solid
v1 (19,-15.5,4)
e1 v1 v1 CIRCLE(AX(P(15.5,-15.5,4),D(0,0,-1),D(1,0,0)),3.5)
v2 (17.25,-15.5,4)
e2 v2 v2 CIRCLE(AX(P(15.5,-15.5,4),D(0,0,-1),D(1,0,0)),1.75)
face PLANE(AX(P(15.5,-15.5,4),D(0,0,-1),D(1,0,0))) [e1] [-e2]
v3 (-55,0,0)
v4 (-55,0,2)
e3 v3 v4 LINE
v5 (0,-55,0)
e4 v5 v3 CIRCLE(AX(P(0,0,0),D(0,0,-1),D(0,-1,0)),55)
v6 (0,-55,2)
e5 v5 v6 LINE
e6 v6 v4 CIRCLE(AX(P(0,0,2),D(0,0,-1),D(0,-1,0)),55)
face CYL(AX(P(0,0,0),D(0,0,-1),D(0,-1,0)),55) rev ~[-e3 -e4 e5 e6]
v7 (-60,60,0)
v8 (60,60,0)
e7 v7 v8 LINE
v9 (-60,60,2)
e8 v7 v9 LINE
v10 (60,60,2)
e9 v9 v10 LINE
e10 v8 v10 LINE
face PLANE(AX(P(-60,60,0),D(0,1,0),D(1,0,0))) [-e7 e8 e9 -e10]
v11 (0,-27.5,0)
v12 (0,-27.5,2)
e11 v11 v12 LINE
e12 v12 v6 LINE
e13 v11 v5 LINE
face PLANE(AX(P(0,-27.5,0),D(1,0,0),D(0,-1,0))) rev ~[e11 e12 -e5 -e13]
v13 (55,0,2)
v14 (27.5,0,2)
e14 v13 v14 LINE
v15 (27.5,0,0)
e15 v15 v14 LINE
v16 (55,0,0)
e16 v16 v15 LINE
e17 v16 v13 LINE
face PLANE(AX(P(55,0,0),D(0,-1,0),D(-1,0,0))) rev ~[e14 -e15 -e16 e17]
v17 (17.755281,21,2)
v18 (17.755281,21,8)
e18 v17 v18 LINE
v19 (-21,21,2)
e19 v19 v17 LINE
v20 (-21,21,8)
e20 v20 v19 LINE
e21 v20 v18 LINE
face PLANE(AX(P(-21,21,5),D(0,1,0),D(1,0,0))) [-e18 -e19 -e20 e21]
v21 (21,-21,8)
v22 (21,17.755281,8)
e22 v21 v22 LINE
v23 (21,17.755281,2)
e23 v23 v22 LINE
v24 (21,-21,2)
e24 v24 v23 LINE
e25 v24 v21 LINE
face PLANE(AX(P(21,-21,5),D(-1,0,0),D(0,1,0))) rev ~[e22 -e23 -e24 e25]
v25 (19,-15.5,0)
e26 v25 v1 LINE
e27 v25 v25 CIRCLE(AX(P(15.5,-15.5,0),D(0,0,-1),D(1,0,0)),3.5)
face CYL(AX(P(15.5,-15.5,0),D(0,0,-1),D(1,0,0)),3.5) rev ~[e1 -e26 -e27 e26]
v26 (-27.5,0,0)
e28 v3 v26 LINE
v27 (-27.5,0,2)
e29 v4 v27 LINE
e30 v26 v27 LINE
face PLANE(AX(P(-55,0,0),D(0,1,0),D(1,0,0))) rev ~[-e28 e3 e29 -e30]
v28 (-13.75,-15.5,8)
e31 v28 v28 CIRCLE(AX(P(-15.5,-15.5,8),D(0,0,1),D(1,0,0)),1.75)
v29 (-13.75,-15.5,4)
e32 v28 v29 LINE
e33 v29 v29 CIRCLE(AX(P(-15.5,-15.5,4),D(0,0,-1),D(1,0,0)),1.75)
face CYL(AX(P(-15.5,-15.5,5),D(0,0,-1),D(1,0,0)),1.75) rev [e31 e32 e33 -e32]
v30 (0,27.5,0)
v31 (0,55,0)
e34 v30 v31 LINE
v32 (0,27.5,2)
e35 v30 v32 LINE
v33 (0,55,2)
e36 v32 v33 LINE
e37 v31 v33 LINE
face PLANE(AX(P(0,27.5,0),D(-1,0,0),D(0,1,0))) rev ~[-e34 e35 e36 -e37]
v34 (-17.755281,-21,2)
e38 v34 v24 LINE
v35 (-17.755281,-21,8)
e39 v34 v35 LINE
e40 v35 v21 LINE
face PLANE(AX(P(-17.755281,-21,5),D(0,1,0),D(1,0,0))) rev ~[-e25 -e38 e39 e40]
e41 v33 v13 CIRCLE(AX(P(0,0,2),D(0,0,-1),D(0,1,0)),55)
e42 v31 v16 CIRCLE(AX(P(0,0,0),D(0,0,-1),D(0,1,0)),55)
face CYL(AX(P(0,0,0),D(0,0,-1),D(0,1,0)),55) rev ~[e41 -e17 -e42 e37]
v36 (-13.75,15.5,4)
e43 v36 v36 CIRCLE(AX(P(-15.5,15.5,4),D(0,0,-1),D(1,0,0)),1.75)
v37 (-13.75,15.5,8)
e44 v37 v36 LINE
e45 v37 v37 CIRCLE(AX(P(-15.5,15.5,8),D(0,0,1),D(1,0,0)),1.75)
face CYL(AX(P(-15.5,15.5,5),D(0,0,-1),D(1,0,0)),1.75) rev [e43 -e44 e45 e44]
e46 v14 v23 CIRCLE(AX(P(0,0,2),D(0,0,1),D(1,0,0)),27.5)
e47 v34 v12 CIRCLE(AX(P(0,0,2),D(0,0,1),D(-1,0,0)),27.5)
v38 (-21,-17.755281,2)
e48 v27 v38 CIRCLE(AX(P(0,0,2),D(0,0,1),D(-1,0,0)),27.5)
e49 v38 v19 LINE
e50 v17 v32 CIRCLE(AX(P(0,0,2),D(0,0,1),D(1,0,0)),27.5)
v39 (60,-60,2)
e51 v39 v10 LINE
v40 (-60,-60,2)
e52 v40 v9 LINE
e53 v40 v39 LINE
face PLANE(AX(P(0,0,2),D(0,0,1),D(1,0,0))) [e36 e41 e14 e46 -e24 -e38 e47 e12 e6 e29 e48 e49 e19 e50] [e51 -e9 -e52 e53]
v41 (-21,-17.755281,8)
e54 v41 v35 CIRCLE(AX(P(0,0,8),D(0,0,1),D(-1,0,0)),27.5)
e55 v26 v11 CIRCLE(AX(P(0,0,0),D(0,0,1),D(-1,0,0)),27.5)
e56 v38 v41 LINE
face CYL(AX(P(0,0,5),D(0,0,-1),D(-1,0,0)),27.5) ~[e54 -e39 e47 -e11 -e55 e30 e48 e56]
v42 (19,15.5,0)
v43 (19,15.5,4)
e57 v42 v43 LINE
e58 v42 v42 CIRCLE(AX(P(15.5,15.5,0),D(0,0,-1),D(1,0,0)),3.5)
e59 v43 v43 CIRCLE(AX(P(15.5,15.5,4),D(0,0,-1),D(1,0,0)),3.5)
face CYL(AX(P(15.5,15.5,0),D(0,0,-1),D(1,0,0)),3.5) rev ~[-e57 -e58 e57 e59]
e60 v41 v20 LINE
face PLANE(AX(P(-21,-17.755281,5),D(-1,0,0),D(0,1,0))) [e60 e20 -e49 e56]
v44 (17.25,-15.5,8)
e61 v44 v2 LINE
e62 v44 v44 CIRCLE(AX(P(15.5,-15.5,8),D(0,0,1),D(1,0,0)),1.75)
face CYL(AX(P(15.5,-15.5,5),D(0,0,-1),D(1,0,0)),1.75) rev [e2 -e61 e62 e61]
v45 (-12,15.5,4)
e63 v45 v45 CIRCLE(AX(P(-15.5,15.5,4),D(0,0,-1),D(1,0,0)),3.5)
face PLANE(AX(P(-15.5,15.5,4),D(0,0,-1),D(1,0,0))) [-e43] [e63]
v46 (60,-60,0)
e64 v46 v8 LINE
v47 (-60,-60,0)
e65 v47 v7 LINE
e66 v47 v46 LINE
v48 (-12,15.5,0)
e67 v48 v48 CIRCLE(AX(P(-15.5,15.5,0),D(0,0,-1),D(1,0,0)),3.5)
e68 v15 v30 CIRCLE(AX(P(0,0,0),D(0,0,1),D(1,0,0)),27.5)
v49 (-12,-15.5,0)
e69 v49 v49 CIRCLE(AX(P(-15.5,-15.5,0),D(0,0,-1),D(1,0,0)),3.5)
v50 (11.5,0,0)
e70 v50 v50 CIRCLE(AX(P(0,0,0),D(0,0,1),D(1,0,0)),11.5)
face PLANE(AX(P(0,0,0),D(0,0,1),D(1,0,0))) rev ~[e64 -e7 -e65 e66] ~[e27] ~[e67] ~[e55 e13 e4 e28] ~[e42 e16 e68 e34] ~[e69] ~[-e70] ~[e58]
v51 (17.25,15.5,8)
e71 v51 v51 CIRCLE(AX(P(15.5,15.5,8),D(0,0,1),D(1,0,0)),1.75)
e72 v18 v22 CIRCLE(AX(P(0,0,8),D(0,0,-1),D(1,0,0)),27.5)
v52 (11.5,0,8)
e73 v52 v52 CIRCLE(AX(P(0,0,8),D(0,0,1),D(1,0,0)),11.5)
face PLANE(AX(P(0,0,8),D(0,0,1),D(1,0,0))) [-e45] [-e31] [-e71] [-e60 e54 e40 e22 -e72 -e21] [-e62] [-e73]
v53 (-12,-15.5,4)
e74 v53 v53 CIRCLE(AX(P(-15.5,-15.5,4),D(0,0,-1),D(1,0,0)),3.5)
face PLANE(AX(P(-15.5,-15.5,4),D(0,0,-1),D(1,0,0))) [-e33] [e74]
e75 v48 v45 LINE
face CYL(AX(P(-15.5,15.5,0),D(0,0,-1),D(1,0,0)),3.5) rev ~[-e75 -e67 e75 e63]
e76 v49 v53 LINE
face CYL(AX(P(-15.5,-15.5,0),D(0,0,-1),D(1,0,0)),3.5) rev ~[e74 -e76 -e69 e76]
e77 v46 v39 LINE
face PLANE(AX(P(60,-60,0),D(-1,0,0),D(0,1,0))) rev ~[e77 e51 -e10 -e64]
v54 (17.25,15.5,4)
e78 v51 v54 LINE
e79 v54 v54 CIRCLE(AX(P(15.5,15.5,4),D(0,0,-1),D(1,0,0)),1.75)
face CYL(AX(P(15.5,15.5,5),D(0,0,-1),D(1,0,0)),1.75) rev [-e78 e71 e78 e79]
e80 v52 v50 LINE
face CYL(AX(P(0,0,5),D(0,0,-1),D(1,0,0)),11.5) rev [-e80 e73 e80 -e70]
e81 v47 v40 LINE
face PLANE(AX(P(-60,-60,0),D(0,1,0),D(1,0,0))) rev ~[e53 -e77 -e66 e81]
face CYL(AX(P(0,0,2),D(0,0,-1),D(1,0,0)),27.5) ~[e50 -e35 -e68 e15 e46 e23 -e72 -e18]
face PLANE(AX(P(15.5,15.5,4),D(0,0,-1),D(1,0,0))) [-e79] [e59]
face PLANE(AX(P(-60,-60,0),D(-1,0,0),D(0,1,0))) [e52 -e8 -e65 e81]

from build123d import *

# Parameters (mm, degrees)
F0_W      = 42
F0_H      = 42
F0_R      = 1.75
F0_R_2    = 11.5
F1_DEPTH  = 5
F0_W_2    = 120
F0_H_2    = 120
F2_DEPTH  = 2
F4_DEPTH  = 2
F5_DEPTH  = 3
F6_R      = 3.5
F6_R_2    = 1.75
F7_DEPTH  = 4
F8_R      = 3.5
F8_R_2    = 1.75
F9_DEPTH  = 4
F10_R     = 3.5
F10_R_2   = 1.75
F11_DEPTH = 4
F12_DEPTH = 3
F14_DEPTH = 2
F15_DEPTH = 8


with BuildPart() as f1:
    # F0 (on Top) → F1 (new body)
    with BuildSketch(Plane.XY):
        Rectangle(F0_W, F0_H)
        with Locations((-15.5, -15.5)):
            Circle(F0_R, mode=Mode.SUBTRACT)
        with Locations((15.5, -15.5)):
            Circle(F0_R, mode=Mode.SUBTRACT)
        with Locations((-15.5, 15.5)):
            Circle(F0_R, mode=Mode.SUBTRACT)
        Circle(F0_R_2, mode=Mode.SUBTRACT)
        with Locations((15.5, 15.5)):
            Circle(F0_R, mode=Mode.SUBTRACT)
    extrude(amount=F1_DEPTH)

    # F0 (on Top) → F2 (join)
    with BuildSketch(Plane.XY):
        Rectangle(F0_W_2, F0_H_2)
        Rectangle(F0_W, F0_H, mode=Mode.SUBTRACT)
    extrude(amount=F2_DEPTH)

    # F3 (on face) → F4 (cut)
    with BuildSketch(Plane(origin=(0, 0, 0), x_dir=(1, 0, 0), z_dir=(0, 0, -1))):
        with BuildLine():
            Line((0, 27.5), (0, 55))
            ThreePointArc((0, 55), (-38.8908729653, 38.8908729653), (-55, 0))
            Line((-55, 0), (-27.5, 0))
            ThreePointArc((-27.5, 0), (-19.4454364826, 19.4454364826), (0, 27.5))
        make_face()
    extrude(amount=-F4_DEPTH, mode=Mode.SUBTRACT)

    # F5 (cut): a face of the model
    f5_faces = [f1.faces().sort_by_distance(p)[0] for p in [
        (-19.9487472991, -19.9487472991, 2),
    ]]
    extrude(f5_faces, amount=-F5_DEPTH, mode=Mode.SUBTRACT)

    # F6 (on face) → F7 (cut)
    with BuildSketch(Plane(origin=(0, 0, 0), x_dir=(1, 0, 0), z_dir=(0, 0, -1))):
        with Locations((-15.5, 15.5)):
            Circle(F6_R)
        with Locations((-15.5, 15.5)):
            Circle(F6_R_2, mode=Mode.SUBTRACT)
    extrude(amount=-F7_DEPTH, mode=Mode.SUBTRACT)

    # F8 (on face) → F9 (cut)
    with BuildSketch(Plane(origin=(0, 0, 0), x_dir=(1, 0, 0), z_dir=(0, 0, -1))):
        with Locations((15.5, 15.5)):
            Circle(F8_R)
        with Locations((15.5, 15.5)):
            Circle(F8_R_2, mode=Mode.SUBTRACT)
    extrude(amount=-F9_DEPTH, mode=Mode.SUBTRACT)

    # F10 (on face) → F11 (cut)
    with BuildSketch(Plane(origin=(0, 0, 0), x_dir=(1, 0, 0), z_dir=(0, 0, -1))):
        with Locations((-15.5, -15.5)):
            Circle(F10_R)
        with Locations((-15.5, -15.5)):
            Circle(F10_R_2, mode=Mode.SUBTRACT)
        with Locations((15.5, -15.5)):
            Circle(F10_R)
        with Locations((15.5, -15.5)):
            Circle(F10_R_2, mode=Mode.SUBTRACT)
    extrude(amount=-F11_DEPTH, mode=Mode.SUBTRACT)

    # F12 (add): a face of the model
    f12_faces = [f1.faces().sort_by_distance(p)[0] for p in [
        (1.6223595477, -20.4060303038, 5),
    ]]
    extrude(f12_faces, amount=F12_DEPTH)

    # F13 (on face) → F14 (cut)
    with BuildSketch(Plane(origin=(0, 0, 0), x_dir=(1, 0, 0), z_dir=(0, 0, -1))):
        with BuildLine():
            ThreePointArc((0, -55), (38.8908729653, -38.8908729653), (55, 0))
            Line((55, 0), (27.5, 0))
            ThreePointArc((27.5, 0), (19.4454364826, -19.4454364826), (0, -27.5))
            Line((0, -27.5), (0, -55))
        make_face()
    extrude(amount=-F14_DEPTH, mode=Mode.SUBTRACT)

    # F15 (cut): a face of the model
    f15_faces = [f1.faces().sort_by_distance(p)[0] for p in [
        (19.9487472991, 19.9487472991, 2),
    ]]
    extrude(f15_faces, amount=-F15_DEPTH, mode=Mode.SUBTRACT)


solid = f1.part
